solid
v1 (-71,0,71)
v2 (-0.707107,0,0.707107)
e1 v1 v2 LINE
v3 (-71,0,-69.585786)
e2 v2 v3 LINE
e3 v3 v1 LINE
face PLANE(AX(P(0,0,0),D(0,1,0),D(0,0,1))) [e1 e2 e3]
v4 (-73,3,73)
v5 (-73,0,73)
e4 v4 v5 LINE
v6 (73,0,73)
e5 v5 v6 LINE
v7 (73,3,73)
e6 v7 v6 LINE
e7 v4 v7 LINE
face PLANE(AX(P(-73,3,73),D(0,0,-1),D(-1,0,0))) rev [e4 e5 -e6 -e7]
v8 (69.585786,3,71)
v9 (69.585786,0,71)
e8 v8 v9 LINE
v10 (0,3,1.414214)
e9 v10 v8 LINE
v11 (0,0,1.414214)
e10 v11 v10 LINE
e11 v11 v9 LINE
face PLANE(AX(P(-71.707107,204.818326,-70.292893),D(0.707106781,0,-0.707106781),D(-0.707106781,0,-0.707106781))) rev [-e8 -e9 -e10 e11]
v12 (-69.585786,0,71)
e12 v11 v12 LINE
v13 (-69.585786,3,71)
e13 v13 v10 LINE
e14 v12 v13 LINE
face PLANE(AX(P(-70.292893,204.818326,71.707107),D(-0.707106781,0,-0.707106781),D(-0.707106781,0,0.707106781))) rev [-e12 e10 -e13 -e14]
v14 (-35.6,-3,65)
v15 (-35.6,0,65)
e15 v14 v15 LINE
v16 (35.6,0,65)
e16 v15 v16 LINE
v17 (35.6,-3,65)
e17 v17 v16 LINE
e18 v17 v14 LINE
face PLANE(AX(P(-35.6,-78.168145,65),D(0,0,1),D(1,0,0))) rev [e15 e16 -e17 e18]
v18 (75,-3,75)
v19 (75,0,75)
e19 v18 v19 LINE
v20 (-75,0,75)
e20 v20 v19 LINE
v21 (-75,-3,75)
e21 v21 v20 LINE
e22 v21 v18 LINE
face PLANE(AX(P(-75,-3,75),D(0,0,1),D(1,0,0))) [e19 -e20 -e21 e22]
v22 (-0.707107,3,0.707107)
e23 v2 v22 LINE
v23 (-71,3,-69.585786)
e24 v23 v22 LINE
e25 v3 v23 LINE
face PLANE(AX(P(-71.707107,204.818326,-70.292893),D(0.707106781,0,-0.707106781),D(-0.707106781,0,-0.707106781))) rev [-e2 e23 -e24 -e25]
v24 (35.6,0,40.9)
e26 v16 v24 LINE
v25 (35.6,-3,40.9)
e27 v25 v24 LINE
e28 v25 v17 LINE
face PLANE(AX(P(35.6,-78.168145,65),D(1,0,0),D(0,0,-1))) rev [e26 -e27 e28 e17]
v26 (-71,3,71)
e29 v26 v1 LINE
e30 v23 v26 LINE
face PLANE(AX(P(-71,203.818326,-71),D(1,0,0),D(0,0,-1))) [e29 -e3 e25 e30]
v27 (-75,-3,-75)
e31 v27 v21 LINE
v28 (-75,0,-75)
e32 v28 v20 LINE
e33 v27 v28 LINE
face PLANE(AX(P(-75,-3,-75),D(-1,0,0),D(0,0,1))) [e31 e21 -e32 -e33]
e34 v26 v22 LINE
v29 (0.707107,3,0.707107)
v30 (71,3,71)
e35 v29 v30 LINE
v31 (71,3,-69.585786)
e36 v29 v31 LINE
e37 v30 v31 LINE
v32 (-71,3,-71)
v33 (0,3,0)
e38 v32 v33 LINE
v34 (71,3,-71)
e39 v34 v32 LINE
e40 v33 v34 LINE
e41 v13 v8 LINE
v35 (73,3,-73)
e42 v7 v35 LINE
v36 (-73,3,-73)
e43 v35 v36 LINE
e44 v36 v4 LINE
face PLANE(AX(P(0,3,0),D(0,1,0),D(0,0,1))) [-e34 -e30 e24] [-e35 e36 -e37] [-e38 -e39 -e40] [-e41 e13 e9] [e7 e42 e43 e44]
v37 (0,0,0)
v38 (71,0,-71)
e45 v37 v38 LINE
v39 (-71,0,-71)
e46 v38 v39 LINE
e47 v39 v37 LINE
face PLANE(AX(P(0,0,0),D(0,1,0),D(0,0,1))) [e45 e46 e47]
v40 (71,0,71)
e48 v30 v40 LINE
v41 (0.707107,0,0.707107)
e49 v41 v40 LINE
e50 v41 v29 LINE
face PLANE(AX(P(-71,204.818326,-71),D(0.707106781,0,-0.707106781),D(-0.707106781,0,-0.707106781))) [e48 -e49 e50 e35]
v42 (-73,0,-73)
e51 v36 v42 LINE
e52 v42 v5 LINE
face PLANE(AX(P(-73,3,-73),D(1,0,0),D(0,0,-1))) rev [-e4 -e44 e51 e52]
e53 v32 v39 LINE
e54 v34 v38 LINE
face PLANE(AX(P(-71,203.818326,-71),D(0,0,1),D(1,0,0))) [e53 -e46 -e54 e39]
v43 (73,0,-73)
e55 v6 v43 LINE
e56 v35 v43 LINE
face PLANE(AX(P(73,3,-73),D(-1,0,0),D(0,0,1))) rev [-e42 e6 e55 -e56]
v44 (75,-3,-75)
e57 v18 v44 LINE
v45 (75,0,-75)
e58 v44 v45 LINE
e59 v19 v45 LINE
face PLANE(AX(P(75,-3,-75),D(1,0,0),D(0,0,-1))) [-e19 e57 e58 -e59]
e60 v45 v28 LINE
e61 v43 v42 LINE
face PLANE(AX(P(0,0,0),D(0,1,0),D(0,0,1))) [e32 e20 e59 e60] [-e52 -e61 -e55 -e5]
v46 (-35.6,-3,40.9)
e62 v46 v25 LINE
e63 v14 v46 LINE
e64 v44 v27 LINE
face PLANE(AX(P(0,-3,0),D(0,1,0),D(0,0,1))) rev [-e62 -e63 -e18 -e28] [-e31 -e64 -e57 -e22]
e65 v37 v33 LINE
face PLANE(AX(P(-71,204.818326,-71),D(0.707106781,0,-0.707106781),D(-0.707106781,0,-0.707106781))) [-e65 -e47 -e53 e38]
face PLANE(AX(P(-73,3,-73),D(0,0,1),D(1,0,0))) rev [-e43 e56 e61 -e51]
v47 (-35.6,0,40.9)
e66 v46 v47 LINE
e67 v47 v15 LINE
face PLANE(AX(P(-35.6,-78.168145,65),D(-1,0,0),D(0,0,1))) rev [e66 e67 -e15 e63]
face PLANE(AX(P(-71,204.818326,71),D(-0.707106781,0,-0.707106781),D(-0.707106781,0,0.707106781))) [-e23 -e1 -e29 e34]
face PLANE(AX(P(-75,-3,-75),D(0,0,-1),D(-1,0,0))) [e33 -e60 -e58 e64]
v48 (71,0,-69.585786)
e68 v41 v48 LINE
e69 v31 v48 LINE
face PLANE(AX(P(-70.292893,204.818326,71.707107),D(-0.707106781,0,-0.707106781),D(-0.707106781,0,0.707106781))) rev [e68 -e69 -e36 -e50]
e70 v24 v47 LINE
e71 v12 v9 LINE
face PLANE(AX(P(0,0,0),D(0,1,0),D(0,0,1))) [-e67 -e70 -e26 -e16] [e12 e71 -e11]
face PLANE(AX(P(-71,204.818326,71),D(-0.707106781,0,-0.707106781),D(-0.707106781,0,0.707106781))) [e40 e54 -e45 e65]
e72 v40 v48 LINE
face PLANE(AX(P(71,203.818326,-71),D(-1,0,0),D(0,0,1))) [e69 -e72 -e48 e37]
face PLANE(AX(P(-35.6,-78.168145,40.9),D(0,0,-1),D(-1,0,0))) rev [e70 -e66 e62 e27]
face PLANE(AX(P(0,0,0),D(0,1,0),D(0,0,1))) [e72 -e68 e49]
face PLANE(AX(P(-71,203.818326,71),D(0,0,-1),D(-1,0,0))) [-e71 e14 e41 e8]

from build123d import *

# Parameters (mm, degrees)
SKETCH1_W           = 150
SKETCH1_H           = 150
BOSS_EXTRUDE1_DEPTH = 3
SKETCH2_W           = 146
SKETCH2_H           = 146
BOSS_EXTRUDE2_DEPTH = 3
SKETCH3_W           = 142
SKETCH3_H           = 142
CUT_EXTRUDE1_DEPTH  = 3
EXTRUDE_THIN1_DEPTH = 3
CUT_EXTRUDE5_START  = -3
SKETCH5_W           = 71.2
SKETCH5_H           = 24.1
CUT_EXTRUDE5_DEPTH  = 3


with BuildPart() as part:
    # Sketch1 → Boss-Extrude1 (new body)
    with BuildSketch(Plane(origin=(0, 0, 0), x_dir=(1, 0, 0), z_dir=(0, 1, 0))):
        Rectangle(SKETCH1_W, SKETCH1_H)
    extrude(amount=-BOSS_EXTRUDE1_DEPTH)

    # Sketch2 → Boss-Extrude2 (add)
    with BuildSketch(Plane(origin=(0, 0, 0), x_dir=(1, 0, 0), z_dir=(0, 1, 0))):
        Rectangle(SKETCH2_W, SKETCH2_H)
    extrude(amount=BOSS_EXTRUDE2_DEPTH)

    # Sketch3 → Cut-Extrude1 (cut)
    with BuildSketch(Plane(origin=(0, 0, 0), x_dir=(1, 0, 0), z_dir=(0, 1, 0))):
        Rectangle(SKETCH3_W, SKETCH3_H)
    extrude(amount=CUT_EXTRUDE1_DEPTH, mode=Mode.SUBTRACT)

    # Sketch4 → Extrude-Thin1 (add)
    with BuildSketch(Plane(origin=(0, 0, 0), x_dir=(1, 0, 0), z_dir=(0, 1, 0))):
        Polygon((-71, 71), (71, -71), (70.292893219, -71.707106781), (-71.707106781, 70.292893219), align=None)
        Polygon((-71, -71), (71, 71), (71.707106781, 70.292893219), (-70.292893219, -71.707106781), align=None)
    extrude(amount=EXTRUDE_THIN1_DEPTH)

    # Sketch5 → Cut-Extrude5 (cut)
    with BuildSketch(Plane(origin=(0, 0, 0), x_dir=(1, 0, 0), z_dir=(0, 1, 0)).offset(CUT_EXTRUDE5_START)):
        with Locations((0, -52.95)):
            Rectangle(SKETCH5_W, SKETCH5_H)
    extrude(amount=CUT_EXTRUDE5_DEPTH, mode=Mode.SUBTRACT)


solid = part.part
